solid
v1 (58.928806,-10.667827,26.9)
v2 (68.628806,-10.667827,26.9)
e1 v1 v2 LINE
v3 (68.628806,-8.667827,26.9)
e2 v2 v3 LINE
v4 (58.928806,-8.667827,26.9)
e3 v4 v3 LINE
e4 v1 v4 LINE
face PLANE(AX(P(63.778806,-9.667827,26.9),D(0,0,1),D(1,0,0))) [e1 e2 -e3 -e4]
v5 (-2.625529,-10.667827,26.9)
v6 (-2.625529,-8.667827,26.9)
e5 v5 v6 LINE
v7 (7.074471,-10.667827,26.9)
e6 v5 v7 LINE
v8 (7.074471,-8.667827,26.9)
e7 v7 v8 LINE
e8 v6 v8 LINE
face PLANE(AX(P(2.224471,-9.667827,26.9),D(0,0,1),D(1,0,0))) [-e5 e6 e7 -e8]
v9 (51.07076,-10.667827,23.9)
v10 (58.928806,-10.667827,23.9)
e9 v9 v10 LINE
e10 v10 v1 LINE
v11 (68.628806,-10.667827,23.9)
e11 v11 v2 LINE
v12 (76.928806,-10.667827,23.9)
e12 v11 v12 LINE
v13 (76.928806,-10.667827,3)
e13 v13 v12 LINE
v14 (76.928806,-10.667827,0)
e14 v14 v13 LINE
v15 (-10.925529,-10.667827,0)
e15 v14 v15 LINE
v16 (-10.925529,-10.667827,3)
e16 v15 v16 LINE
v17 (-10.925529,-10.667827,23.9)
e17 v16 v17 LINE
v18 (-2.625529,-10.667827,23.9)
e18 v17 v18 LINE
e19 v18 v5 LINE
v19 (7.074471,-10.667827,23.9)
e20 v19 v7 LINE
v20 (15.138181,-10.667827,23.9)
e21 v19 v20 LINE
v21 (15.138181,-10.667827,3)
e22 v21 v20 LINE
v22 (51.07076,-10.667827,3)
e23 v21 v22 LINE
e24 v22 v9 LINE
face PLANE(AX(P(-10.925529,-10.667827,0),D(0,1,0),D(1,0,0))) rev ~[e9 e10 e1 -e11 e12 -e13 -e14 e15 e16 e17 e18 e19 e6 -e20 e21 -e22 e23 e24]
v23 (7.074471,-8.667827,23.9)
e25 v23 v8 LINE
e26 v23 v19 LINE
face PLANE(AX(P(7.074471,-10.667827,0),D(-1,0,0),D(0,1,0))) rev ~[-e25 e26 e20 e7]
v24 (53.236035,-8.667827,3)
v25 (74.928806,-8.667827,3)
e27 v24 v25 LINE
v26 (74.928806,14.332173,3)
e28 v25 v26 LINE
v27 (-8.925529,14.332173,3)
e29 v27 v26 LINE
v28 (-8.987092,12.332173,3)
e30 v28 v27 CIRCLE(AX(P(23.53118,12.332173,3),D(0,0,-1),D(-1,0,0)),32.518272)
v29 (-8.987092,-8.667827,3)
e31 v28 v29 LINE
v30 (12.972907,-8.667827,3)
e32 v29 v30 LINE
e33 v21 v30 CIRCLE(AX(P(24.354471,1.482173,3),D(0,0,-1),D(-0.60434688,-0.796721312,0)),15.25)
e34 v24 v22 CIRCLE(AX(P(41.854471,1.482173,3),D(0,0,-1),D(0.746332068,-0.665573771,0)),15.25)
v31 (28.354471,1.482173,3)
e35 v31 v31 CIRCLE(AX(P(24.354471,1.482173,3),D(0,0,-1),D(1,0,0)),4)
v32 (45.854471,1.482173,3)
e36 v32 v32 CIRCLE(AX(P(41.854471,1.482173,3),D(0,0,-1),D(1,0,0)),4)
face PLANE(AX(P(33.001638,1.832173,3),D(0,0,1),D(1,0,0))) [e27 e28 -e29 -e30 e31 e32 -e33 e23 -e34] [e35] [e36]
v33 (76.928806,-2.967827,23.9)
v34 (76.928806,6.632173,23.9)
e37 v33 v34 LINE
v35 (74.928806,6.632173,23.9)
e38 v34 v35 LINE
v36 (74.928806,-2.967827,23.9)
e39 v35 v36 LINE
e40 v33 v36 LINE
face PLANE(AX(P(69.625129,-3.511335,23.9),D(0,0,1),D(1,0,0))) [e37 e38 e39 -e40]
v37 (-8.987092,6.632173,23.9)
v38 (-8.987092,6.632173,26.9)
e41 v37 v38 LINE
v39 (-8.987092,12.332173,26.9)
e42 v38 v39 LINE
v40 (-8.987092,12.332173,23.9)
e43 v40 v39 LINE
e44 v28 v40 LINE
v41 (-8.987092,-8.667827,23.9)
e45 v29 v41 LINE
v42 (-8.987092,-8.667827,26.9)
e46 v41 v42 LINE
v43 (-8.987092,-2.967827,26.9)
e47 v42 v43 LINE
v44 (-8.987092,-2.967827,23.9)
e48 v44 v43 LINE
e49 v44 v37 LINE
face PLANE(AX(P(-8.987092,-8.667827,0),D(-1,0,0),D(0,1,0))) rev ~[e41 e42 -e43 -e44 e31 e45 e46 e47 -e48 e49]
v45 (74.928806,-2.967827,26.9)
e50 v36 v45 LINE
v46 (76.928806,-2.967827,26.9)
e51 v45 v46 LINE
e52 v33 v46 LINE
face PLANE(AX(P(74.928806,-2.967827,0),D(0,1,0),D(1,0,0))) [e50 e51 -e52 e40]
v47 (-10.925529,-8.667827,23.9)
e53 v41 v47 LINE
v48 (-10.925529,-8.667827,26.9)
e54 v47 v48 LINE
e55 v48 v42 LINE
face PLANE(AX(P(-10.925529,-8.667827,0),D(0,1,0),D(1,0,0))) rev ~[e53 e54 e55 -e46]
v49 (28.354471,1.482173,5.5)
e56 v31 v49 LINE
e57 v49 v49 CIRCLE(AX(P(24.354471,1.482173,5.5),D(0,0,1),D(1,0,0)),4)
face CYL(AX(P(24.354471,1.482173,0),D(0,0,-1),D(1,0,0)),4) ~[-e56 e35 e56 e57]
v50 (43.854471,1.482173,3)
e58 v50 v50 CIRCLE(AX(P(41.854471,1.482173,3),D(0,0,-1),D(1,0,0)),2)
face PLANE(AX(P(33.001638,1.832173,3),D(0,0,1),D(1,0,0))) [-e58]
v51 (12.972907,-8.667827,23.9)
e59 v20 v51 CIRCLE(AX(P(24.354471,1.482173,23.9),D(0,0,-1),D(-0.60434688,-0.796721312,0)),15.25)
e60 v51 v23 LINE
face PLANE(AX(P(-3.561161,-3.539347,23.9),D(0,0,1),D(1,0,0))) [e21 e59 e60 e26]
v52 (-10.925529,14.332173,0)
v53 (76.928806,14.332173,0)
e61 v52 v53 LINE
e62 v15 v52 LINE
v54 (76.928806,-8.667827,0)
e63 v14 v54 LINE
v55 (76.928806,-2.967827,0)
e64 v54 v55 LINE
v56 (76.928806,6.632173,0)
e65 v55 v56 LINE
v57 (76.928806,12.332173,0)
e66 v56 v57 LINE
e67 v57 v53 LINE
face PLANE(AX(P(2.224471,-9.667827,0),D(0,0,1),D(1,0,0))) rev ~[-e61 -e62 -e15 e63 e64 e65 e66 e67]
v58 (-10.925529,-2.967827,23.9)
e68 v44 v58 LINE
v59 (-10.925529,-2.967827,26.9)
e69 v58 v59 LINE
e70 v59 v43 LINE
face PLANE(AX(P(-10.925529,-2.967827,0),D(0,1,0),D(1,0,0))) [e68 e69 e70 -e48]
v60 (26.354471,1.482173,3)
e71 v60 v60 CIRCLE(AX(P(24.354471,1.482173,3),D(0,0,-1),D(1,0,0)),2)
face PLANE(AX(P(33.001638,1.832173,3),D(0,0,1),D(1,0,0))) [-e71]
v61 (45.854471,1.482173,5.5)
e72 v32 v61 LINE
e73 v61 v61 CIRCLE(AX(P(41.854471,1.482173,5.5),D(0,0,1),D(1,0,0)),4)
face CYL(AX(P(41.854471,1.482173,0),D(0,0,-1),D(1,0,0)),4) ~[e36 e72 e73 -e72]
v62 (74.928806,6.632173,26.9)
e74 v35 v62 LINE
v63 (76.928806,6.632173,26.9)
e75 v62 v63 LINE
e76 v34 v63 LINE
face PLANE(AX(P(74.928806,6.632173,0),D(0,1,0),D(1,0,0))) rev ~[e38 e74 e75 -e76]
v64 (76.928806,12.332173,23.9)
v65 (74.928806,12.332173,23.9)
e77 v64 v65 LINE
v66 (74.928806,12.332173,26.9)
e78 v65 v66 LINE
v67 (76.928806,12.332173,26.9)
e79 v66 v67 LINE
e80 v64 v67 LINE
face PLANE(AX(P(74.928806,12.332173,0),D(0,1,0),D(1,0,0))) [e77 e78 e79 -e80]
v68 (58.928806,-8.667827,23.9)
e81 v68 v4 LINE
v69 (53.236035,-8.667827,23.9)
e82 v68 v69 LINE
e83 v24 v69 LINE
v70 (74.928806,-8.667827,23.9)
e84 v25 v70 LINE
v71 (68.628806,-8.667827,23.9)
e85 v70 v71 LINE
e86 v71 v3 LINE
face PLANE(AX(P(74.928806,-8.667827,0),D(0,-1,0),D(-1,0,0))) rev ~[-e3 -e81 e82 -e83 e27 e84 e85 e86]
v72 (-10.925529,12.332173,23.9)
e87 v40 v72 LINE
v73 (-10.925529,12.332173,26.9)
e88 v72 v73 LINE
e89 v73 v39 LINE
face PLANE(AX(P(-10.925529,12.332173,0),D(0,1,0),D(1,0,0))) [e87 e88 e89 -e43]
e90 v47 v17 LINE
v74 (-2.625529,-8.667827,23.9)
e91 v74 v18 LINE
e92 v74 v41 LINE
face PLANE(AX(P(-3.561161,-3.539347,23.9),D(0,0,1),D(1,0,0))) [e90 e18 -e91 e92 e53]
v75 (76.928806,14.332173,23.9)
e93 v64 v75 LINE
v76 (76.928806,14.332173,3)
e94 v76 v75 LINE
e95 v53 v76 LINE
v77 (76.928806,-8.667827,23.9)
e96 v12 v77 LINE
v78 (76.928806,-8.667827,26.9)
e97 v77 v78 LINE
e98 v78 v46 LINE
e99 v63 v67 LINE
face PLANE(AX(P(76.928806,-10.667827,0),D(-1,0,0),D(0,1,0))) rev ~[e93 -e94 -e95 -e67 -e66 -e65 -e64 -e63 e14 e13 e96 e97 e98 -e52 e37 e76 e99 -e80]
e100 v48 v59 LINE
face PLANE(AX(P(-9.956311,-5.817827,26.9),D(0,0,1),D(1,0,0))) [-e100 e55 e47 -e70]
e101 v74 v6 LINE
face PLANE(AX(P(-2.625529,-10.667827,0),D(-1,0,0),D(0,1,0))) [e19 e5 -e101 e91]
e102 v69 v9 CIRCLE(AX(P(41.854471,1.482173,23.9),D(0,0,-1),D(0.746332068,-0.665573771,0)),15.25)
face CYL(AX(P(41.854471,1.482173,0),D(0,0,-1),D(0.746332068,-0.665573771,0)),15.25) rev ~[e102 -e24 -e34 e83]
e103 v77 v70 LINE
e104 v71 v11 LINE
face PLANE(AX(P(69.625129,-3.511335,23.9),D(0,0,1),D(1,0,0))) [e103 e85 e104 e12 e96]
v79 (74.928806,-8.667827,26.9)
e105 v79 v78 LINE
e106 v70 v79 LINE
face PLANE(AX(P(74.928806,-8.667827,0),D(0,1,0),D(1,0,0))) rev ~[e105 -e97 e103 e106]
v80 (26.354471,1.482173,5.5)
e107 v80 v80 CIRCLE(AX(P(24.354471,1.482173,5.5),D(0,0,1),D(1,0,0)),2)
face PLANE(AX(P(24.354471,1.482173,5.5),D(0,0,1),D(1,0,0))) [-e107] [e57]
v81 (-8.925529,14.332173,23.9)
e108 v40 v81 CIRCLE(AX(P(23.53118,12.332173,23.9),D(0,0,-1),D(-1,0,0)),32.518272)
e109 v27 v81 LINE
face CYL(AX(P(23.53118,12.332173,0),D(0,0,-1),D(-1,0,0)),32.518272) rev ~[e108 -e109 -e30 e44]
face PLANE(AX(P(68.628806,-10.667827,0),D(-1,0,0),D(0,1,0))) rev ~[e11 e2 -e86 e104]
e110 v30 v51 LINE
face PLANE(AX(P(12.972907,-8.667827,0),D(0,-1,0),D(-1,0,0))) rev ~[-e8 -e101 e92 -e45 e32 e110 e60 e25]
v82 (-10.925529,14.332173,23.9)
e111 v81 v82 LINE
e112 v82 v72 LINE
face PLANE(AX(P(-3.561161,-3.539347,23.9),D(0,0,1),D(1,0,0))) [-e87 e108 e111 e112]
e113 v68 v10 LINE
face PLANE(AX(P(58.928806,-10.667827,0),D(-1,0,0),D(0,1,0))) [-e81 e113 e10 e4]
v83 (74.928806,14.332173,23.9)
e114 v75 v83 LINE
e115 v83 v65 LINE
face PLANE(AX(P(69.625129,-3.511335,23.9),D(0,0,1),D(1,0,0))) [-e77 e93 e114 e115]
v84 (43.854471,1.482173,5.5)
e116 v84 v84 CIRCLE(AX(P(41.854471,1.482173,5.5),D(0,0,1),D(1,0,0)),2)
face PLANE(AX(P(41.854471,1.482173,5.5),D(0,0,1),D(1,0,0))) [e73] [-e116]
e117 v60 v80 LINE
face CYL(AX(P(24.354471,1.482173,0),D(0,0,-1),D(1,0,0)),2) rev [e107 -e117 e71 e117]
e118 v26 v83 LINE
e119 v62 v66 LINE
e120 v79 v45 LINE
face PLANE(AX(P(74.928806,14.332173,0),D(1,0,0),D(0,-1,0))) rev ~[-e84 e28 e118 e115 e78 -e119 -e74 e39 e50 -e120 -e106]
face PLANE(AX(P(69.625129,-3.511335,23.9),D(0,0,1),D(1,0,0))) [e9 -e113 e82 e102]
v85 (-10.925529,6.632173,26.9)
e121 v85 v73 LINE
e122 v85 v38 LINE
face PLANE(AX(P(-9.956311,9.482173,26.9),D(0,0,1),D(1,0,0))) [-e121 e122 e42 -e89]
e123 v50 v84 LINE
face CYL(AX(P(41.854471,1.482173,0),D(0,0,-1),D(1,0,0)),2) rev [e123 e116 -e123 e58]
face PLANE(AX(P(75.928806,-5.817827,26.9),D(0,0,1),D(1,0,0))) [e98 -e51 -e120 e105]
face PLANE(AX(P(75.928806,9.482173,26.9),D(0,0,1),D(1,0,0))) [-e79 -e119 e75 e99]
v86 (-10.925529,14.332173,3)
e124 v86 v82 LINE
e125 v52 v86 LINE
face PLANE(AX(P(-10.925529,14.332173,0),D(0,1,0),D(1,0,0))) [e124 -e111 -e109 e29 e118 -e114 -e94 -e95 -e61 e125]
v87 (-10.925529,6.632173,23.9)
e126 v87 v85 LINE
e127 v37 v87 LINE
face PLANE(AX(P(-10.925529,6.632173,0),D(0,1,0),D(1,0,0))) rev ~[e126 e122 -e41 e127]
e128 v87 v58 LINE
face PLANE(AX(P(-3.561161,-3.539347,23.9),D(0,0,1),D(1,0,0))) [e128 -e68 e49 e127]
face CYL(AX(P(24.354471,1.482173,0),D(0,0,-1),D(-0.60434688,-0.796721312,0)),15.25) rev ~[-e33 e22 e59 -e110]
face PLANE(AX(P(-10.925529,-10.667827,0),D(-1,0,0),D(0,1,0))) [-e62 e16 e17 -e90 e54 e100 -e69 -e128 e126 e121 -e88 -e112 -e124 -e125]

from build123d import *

# Parameters (mm, degrees)
ESBO_O1_W                = 87.854335153
ESBO_O1_H                = 25
RESSALTO_EXTRUS_O1_DEPTH = 3
ESBO_O1_11_R             = 4
ESBO_O1_11_R_2           = 2
RESSALTO_EXTRUS_O2_DEPTH = 5.5
RESSALTO_EXTRUS_O3_DEPTH = 23.9
ESBO_O1_13_W             = 9.7
ESBO_O1_13_H             = 2
ESBO_O1_13_W_2           = 1.938437843
ESBO_O1_13_H_2           = 5.7
ESBO_O1_13_W_3           = 2
RESSALTO_EXTRUS_O4_DEPTH = 26.9


with BuildPart() as part:
    # Esboço1 → Ressalto-extrusão1 (new body)
    with BuildSketch(Plane.XY):
        with Locations((33.001638151, 1.832173033)):
            Rectangle(ESBO_O1_W, ESBO_O1_H)
    extrude(amount=RESSALTO_EXTRUS_O1_DEPTH)

    # Esboço1<11> → Ressalto-extrusão2 (add)
    # profile 1 of 2: a face of its own
    with BuildSketch(Plane.XY):
        with Locations((24.354470574, 1.482173033)):
            Circle(ESBO_O1_11_R)
        with Locations((24.354470574, 1.482173033)):
            Circle(ESBO_O1_11_R_2, mode=Mode.SUBTRACT)
    # profile 2 of 2: a face of its own
    with BuildSketch(Plane.XY):
        with Locations((41.854470574, 1.482173033)):
            Circle(ESBO_O1_11_R)
        with Locations((41.854470574, 1.482173033)):
            Circle(ESBO_O1_11_R_2, mode=Mode.SUBTRACT)
    extrude(amount=RESSALTO_EXTRUS_O2_DEPTH)

    # Esboço1<12> → Ressalto-extrusão3 (add)
    with BuildSketch(Plane.XY):
        with BuildLine():
            ThreePointArc((15.138180648, -10.667826967), (14.007108736, -9.720264336), (12.972906533, -8.667826967))
            Line((12.972906533, -8.667826967), (-8.987091583, -8.667826967))
            Line((-8.987091583, -8.667826967), (-8.987091583, 12.332173033))
            ThreePointArc((-8.987091583, 12.332173033), (-8.9716974, 13.332646658), (-8.925529426, 14.332173033))
            Line((-8.925529426, 14.332173033), (-10.925529426, 14.332173033))
            Line((-10.925529426, 14.332173033), (-10.925529426, -10.667826967))
            Line((-10.925529426, -10.667826967), (15.138180648, -10.667826967))
        make_face()
        with BuildLine():
            ThreePointArc((53.236034614, -8.667826967), (52.201832411, -9.720264336), (51.0707605, -10.667826967))
            Line((51.0707605, -10.667826967), (76.928805727, -10.667826967))
            Line((76.928805727, -10.667826967), (76.928805727, 14.332173033))
            Line((76.928805727, 14.332173033), (74.928805727, 14.332173033))
            Line((74.928805727, 14.332173033), (74.928805727, -8.667826967))
            Line((74.928805727, -8.667826967), (53.236034614, -8.667826967))
        make_face()
    extrude(amount=RESSALTO_EXTRUS_O3_DEPTH)

    # Esboço1<13> → Ressalto-extrusão4 (add)
    with BuildSketch(Plane.XY):
        with Locations((2.224470574, -9.667826967)):
            Rectangle(ESBO_O1_13_W, ESBO_O1_13_H)
        with Locations((-9.956310504, -5.817826967)):
            Rectangle(ESBO_O1_13_W_2, ESBO_O1_13_H_2)
        with Locations((63.778805727, -9.667826967)):
            Rectangle(ESBO_O1_13_W, ESBO_O1_13_H)
        with Locations((-9.956310504, 9.482173033)):
            Rectangle(ESBO_O1_13_W_2, ESBO_O1_13_H_2)
        with Locations((75.928805727, -5.817826967)):
            Rectangle(ESBO_O1_13_W_3, ESBO_O1_13_H_2)
        with Locations((75.928805727, 9.482173033)):
            Rectangle(ESBO_O1_13_W_3, ESBO_O1_13_H_2)
    extrude(amount=RESSALTO_EXTRUS_O4_DEPTH)


solid = part.part
